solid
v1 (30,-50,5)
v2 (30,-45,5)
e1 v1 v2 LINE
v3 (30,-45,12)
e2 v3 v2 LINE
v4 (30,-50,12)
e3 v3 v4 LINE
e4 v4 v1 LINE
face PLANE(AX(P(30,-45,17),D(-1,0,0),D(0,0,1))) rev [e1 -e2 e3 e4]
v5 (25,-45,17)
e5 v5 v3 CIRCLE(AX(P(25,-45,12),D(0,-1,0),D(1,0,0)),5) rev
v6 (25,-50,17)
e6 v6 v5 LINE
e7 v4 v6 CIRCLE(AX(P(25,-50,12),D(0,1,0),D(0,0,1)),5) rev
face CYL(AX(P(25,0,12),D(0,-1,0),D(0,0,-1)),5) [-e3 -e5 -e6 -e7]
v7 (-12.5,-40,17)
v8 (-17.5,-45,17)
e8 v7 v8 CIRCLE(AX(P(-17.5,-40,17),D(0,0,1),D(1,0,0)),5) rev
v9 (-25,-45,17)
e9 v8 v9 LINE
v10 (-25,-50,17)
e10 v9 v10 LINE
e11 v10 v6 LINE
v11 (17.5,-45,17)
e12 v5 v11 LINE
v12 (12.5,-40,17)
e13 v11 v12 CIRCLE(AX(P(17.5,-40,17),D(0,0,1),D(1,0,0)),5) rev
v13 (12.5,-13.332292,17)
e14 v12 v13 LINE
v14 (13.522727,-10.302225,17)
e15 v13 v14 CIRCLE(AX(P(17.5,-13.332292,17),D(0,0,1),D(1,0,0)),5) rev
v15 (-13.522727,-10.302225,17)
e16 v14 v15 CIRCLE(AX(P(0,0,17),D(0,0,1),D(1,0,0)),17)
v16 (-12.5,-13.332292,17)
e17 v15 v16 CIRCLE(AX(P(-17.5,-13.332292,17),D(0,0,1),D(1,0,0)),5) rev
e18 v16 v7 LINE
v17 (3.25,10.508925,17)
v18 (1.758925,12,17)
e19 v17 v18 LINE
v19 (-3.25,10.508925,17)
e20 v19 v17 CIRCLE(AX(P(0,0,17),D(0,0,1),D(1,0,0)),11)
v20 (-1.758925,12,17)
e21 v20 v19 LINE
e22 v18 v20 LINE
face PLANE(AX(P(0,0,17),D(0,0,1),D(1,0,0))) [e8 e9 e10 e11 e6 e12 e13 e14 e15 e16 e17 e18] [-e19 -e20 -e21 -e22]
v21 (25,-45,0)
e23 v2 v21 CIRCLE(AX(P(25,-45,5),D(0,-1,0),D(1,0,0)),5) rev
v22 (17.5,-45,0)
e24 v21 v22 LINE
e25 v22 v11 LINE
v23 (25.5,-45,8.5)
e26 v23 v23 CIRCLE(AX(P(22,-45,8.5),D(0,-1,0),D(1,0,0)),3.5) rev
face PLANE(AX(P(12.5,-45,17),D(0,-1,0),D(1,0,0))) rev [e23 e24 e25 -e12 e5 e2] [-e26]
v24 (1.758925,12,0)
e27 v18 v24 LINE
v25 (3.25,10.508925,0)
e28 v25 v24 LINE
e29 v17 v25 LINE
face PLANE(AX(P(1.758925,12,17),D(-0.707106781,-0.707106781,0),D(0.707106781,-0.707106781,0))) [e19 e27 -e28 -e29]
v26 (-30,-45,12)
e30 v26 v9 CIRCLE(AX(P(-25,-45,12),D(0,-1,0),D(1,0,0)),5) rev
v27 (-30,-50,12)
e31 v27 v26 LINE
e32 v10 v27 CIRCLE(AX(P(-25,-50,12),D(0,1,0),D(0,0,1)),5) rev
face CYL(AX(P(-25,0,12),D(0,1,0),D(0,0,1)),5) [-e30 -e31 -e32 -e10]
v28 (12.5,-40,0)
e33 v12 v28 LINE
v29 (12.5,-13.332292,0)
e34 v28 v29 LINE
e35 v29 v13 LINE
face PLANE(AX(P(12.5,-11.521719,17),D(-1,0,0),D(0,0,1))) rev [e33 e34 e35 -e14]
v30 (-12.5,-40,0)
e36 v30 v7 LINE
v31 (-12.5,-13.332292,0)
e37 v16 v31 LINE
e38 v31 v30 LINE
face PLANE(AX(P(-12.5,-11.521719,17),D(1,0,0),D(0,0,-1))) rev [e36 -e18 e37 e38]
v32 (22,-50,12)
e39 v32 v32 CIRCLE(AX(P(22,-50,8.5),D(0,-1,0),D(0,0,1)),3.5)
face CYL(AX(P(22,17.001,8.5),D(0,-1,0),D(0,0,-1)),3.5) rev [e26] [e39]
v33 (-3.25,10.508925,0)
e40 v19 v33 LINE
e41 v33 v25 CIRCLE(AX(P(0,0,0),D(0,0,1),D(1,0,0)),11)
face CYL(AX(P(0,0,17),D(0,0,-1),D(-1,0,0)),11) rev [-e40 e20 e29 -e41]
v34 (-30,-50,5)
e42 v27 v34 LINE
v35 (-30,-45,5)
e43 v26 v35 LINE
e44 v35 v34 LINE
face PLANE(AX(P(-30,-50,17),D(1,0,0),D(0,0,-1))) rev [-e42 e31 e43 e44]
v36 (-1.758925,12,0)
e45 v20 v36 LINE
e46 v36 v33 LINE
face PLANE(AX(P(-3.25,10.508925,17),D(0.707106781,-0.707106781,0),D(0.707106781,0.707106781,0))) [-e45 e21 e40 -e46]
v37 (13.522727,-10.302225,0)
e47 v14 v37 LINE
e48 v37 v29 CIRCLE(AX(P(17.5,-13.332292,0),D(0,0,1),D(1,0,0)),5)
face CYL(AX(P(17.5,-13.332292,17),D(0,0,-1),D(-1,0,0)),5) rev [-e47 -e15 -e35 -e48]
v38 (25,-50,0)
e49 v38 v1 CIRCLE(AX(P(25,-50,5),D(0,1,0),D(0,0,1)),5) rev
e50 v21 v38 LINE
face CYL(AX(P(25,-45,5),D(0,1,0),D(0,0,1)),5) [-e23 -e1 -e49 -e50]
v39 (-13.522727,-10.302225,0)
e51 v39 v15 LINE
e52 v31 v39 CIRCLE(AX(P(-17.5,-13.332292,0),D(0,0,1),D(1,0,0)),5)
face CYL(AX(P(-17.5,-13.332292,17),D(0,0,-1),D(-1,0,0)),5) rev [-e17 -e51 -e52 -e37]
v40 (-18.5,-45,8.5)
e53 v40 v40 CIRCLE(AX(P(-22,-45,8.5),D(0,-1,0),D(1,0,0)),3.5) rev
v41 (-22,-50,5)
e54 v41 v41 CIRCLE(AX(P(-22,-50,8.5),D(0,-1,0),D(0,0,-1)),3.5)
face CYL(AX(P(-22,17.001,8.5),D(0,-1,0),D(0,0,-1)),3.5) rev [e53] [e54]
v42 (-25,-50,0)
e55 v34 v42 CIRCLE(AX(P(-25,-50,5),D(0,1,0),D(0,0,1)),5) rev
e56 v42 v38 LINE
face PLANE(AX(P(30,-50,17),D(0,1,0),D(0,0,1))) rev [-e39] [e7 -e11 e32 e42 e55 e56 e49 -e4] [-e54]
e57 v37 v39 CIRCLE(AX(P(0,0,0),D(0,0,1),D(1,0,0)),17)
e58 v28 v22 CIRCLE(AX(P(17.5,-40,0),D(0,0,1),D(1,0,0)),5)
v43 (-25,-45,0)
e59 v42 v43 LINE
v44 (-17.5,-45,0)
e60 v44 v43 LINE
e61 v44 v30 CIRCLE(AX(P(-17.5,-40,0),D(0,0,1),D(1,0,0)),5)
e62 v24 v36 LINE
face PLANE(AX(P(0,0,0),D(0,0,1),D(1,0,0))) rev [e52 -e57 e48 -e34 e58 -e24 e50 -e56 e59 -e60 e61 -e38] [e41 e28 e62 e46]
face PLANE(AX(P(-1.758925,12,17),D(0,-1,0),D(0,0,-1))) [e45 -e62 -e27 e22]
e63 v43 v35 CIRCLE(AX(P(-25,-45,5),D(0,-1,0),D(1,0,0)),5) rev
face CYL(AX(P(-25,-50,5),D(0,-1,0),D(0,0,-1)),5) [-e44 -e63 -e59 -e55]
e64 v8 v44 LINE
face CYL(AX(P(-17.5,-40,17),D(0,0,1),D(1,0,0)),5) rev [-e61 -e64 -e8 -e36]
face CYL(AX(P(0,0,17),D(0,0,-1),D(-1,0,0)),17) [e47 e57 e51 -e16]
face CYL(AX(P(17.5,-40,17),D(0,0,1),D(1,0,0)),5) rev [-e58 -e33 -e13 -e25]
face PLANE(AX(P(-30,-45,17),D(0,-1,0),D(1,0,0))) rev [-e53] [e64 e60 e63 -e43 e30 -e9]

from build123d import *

# Parameters (mm, degrees)
BOSS_EXTRUDE1_DEPTH = 17
CUT_EXTRUDE1_REACH  = 77.353
SKETCH2_R           = 3.5
FILLET1_R           = 5


with BuildPart() as part:
    # Sketch1 → Boss-Extrude1 (new body)
    with BuildSketch(Plane.XY):
        with BuildLine():
            Line((-12.5, -11.521718622), (-12.5, -45))
            Line((-12.5, -45), (-30, -45))
            Line((-30, -45), (-30, -50))
            Line((-30, -50), (30, -50))
            Line((30, -50), (30, -45))
            Line((30, -45), (12.5, -45))
            Line((12.5, -45), (12.5, -11.521718622))
            ThreePointArc((12.5, -11.521718622), (0, 17), (-12.5, -11.521718622))
        make_face()
        with BuildLine():
            Line((-3.25, 10.508924778), (-1.758924778, 12))
            Line((-1.758924778, 12), (1.758924778, 12))
            Line((1.758924778, 12), (3.25, 10.508924778))
            ThreePointArc((3.25, 10.508924778), (0, -11), (-3.25, 10.508924778))
        make_face(mode=Mode.SUBTRACT)
    extrude(amount=BOSS_EXTRUDE1_DEPTH)

    # Sketch2 → Cut-Extrude1 (cut, up to next)
    with BuildSketch(Plane.XZ.offset(50), mode=Mode.PRIVATE) as cut_extrude1_sk1:
        with Locations(Location((-22, 8.5, 0), (0, 0, 270))):
            Circle(SKETCH2_R)
    cut_extrude1_tool1 = extrude(cut_extrude1_sk1.sketch, amount=-CUT_EXTRUDE1_REACH, mode=Mode.PRIVATE) & part.part
    # Sketch2 → Cut-Extrude1 (cut, up to next)
    with BuildSketch(Plane.XZ.offset(50), mode=Mode.PRIVATE) as cut_extrude1_sk2:
        with Locations((22, 8.5)):
            Circle(SKETCH2_R)
    cut_extrude1_tool2 = extrude(cut_extrude1_sk2.sketch, amount=-CUT_EXTRUDE1_REACH, mode=Mode.PRIVATE) & part.part
    add(cut_extrude1_tool1.solids().sort_by_distance((-22, -50, 8.5))[0], mode=Mode.SUBTRACT)
    add(cut_extrude1_tool2.solids().sort_by_distance((22, -50, 8.5))[0], mode=Mode.SUBTRACT)

    # Fillet1
    fillet1_edges = [part.edges().sort_by_distance(p)[0] for p in [
        (-12.5, -45, 8.5),
        (-12.5, -11.521718622, 8.5),
        (12.5, -11.521718622, 8.5),
        (12.5, -45, 8.5),
        (-30, -47.5, 17),
        (30, -47.5, 17),
        (30, -47.5, 0),
        (-30, -47.5, 0),
    ]]
    fillet(fillet1_edges, radius=FILLET1_R)


solid = part.part
